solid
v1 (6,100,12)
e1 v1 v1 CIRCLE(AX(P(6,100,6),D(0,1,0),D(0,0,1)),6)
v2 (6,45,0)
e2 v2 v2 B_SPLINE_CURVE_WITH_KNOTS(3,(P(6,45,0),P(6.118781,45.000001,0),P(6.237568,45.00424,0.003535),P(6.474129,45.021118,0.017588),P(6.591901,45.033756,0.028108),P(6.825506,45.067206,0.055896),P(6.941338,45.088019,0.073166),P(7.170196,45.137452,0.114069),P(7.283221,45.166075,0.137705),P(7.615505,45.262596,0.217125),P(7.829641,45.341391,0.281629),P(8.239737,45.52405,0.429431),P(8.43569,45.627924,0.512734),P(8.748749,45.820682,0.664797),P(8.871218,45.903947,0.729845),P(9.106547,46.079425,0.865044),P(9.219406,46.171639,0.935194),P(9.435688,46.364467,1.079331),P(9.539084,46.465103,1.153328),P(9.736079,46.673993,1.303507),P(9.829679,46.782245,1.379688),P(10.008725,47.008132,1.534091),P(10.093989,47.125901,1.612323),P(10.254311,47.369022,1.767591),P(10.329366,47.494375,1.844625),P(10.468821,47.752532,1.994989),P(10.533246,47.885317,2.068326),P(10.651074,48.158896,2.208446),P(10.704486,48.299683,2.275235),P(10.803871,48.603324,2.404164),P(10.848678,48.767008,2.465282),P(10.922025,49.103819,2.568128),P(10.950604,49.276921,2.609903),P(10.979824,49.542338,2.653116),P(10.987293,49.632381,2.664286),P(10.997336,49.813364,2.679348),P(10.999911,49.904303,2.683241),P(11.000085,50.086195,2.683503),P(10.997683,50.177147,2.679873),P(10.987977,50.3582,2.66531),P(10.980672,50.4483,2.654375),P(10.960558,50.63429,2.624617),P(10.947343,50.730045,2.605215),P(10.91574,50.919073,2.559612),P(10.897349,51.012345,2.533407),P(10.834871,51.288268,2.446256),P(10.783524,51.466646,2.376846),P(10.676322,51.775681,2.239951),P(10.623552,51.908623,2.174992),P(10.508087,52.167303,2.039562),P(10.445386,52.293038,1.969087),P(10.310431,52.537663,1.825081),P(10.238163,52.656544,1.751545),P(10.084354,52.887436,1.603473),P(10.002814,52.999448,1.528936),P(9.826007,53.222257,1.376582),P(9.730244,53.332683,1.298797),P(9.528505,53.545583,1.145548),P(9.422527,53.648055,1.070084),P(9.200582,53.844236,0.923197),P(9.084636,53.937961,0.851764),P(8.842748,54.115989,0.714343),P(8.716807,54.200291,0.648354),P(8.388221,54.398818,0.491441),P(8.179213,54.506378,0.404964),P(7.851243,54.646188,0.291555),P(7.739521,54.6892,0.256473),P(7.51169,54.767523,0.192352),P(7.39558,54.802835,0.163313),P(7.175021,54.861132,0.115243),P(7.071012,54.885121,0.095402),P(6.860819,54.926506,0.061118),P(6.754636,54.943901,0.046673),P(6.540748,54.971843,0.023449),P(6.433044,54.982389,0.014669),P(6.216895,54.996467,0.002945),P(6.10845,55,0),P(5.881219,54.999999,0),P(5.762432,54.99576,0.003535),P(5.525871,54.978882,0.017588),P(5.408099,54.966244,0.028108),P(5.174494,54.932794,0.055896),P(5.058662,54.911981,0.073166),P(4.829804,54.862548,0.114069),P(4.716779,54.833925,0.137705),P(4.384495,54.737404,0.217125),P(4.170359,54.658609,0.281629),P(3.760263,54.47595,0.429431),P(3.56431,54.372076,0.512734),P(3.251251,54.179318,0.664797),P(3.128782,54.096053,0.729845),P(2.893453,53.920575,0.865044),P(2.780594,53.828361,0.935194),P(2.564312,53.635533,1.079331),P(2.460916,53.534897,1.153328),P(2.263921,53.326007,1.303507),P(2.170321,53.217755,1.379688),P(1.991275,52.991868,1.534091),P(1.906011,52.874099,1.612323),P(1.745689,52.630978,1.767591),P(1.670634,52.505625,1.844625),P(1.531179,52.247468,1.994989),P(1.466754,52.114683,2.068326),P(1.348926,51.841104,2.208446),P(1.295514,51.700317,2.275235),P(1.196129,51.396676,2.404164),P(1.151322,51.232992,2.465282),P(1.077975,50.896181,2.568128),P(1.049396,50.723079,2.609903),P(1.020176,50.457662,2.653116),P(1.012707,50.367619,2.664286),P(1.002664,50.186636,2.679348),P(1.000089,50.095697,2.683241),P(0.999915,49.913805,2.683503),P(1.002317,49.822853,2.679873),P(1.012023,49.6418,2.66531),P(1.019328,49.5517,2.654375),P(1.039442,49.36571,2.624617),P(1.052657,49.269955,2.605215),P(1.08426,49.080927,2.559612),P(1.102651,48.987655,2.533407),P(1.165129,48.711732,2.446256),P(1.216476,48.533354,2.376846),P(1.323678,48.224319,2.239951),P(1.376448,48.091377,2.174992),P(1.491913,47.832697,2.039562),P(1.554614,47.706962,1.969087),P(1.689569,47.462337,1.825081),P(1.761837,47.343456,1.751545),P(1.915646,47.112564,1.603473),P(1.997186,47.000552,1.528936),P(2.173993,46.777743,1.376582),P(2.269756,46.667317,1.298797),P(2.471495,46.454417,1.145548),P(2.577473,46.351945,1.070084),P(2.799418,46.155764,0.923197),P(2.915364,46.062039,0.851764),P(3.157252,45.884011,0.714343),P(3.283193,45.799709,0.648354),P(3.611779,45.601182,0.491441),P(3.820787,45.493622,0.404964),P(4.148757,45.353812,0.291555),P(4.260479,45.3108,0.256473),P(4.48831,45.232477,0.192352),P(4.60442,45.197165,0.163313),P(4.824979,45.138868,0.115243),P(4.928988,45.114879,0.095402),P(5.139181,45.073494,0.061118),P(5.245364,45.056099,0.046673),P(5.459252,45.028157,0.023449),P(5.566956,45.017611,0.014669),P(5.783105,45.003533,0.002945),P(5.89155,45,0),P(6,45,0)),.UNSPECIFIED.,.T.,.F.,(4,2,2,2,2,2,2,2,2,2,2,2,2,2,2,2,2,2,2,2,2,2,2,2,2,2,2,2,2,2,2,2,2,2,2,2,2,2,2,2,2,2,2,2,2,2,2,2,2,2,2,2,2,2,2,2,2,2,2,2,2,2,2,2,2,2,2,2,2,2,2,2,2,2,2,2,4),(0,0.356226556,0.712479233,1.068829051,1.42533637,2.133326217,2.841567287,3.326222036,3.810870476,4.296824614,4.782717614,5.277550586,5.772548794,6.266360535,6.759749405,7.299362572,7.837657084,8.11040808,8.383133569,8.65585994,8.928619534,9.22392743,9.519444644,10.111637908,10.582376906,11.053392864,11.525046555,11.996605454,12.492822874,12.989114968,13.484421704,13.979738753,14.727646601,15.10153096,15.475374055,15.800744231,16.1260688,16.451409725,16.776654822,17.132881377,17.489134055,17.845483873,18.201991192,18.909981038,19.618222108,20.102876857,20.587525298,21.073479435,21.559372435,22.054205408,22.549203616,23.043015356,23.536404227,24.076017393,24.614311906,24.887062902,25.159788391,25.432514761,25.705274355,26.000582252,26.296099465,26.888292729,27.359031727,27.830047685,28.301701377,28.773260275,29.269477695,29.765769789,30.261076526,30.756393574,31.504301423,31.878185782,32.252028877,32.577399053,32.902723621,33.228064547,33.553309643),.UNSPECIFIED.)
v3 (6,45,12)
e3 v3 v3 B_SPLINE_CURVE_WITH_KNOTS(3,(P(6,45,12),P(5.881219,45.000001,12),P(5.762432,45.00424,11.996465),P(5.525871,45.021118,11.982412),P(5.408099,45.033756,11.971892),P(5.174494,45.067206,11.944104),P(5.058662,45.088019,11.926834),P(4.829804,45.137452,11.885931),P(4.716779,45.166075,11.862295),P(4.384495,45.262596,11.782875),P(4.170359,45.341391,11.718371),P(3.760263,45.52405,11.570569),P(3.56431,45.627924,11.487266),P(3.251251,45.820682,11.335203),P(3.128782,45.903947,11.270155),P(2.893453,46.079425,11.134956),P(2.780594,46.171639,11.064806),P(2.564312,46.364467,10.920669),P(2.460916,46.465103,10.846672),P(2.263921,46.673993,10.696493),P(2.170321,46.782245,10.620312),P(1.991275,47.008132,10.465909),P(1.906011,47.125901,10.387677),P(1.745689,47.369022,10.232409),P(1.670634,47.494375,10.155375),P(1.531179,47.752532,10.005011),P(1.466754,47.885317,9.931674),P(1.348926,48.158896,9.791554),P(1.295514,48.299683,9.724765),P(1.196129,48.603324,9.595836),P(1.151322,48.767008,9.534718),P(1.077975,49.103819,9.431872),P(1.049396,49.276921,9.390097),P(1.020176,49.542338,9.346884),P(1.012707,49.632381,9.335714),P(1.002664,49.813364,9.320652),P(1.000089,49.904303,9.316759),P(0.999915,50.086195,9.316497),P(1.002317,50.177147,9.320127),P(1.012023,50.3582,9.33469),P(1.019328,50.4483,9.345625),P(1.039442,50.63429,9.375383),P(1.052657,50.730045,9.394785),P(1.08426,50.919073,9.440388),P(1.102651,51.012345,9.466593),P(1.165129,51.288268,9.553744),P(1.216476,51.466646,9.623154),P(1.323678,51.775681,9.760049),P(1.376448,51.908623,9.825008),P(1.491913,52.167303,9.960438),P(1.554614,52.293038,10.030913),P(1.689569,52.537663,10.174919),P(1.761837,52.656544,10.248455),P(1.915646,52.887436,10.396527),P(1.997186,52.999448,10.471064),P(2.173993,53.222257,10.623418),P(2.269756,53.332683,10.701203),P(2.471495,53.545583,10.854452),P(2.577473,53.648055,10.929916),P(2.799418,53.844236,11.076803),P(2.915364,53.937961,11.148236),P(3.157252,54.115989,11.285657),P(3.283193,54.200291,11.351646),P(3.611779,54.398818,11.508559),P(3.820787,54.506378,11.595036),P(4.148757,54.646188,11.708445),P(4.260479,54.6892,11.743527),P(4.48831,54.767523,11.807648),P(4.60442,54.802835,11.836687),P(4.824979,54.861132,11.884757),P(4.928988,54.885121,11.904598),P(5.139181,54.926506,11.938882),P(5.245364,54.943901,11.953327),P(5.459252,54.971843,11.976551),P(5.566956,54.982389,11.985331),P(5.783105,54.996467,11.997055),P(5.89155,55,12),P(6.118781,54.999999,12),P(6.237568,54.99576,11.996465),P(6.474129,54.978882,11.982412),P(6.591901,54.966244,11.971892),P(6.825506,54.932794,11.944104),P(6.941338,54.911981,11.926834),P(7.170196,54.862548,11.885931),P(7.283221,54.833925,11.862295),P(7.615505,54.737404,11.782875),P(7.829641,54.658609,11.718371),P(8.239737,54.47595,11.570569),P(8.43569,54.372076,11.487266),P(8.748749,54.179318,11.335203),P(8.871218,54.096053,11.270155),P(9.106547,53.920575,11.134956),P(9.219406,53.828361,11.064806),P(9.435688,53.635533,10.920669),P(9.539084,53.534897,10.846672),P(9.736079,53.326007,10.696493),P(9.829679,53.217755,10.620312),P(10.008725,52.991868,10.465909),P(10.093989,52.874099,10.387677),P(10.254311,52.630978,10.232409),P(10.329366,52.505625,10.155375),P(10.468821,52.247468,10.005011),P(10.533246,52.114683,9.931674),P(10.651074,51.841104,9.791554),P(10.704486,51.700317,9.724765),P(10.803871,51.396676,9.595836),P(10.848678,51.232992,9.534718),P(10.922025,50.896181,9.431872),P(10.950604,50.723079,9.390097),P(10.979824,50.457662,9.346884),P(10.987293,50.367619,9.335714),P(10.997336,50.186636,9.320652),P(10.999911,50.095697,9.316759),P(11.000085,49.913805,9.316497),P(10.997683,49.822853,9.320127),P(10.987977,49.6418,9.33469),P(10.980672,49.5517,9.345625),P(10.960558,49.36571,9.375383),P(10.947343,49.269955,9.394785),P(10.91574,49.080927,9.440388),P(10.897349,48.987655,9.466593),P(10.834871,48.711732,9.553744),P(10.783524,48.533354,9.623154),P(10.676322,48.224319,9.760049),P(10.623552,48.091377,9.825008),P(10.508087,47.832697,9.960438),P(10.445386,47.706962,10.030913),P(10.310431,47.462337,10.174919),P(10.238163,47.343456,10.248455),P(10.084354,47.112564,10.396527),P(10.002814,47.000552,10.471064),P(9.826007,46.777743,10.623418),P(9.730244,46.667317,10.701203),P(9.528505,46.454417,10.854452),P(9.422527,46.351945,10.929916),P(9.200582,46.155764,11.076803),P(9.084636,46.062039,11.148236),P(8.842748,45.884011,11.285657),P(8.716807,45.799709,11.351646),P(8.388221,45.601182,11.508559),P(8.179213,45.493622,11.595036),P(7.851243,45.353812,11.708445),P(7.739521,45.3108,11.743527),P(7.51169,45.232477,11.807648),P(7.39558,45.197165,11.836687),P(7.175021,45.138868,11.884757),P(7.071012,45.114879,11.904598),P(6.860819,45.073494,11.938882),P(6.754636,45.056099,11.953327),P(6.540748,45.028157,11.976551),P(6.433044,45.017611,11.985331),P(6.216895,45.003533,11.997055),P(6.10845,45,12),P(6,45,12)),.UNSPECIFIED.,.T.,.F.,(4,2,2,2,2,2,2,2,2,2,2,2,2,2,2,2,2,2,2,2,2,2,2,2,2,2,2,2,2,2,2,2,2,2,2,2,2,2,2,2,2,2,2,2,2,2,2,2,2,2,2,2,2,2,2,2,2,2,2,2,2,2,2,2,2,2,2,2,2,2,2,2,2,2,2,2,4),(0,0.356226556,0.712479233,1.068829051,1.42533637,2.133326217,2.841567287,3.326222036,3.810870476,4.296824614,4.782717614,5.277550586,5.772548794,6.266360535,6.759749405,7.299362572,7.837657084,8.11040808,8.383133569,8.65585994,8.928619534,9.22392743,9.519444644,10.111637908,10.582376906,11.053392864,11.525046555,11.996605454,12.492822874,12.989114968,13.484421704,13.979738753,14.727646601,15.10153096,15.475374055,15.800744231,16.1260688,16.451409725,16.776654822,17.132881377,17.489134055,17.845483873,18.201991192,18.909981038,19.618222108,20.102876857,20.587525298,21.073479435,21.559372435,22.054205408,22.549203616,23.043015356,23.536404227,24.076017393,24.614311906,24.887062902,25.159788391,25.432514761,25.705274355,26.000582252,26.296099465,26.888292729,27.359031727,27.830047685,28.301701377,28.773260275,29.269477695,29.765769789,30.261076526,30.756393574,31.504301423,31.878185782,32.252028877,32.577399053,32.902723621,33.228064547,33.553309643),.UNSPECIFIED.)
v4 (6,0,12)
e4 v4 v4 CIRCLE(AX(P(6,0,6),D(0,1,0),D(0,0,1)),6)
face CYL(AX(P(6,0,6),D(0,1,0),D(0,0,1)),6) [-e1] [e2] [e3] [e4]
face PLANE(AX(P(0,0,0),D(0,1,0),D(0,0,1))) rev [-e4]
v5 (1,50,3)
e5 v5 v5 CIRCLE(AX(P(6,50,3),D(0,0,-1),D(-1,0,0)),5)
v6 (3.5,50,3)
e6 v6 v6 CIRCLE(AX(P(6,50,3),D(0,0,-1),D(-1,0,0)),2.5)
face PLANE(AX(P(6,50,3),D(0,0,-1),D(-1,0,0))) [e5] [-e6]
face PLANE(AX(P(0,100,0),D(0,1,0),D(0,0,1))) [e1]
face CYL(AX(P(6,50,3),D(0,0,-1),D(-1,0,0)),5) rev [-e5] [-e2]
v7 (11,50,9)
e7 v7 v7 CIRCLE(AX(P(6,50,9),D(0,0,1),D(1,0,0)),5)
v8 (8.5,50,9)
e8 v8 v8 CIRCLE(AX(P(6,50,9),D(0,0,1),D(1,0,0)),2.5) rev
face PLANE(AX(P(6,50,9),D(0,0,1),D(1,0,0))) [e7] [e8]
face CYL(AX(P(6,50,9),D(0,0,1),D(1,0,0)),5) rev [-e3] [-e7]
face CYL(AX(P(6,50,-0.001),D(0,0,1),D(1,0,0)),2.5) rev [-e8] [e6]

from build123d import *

# Parameters (mm, degrees)
SKETCH1_W           = 12
SKETCH1_H           = 12
BOSS_EXTRUDE1_DEPTH = 100
CUT_EXTRUDE1_REACH  = 103.43
SKETCH5_R           = 2.5
SKETCH6_R           = 5
CUT_EXTRUDE3_DEPTH  = 3
CUT_EXTRUDE4_START  = -3
SKETCH7_R           = 5
SKETCH7_R_2         = 2.5
CUT_EXTRUDE4_DEPTH  = 3
CUT_EXTRUDE5_DEPTH  = 100


with BuildPart() as part:
    # Sketch1 → Boss-Extrude1 (new body)
    with BuildSketch(Plane(origin=(0, 0, 0), x_dir=(1, 0, 0), z_dir=(0, 1, 0))):
        with Locations((6, -6)):
            Rectangle(SKETCH1_W, SKETCH1_H)
    extrude(amount=BOSS_EXTRUDE1_DEPTH)

    # Sketch5 → Cut-Extrude1 (cut, up to next)
    with BuildSketch(Plane.XY.offset(12), mode=Mode.PRIVATE) as cut_extrude1_sk1:
        with Locations((6, 50)):
            Circle(SKETCH5_R)
    cut_extrude1_tool1 = extrude(cut_extrude1_sk1.sketch, amount=-CUT_EXTRUDE1_REACH, mode=Mode.PRIVATE) & part.part
    add(cut_extrude1_tool1.solids().sort_by_distance((6, 50, 12))[0], mode=Mode.SUBTRACT)

    # Sketch6 → Cut-Extrude3 (cut)
    with BuildSketch(Plane.XY.offset(12)):
        with Locations((6, 50)):
            Circle(SKETCH6_R)
    extrude(amount=-CUT_EXTRUDE3_DEPTH, mode=Mode.SUBTRACT)

    # Sketch7 → Cut-Extrude4 (cut)
    with BuildSketch(Plane(origin=(0, 0, 0), x_dir=(-1, 0, 0), z_dir=(0, 0, -1)).offset(CUT_EXTRUDE4_START)):
        with Locations(Location((-6, 50, 0), (0, 0, 180))):
            Circle(SKETCH7_R)
        with Locations(Location((-6, 50, 0), (0, 0, 180))):
            Circle(SKETCH7_R_2, mode=Mode.SUBTRACT)
    extrude(amount=CUT_EXTRUDE4_DEPTH, mode=Mode.SUBTRACT)

    # Sketch8 → Cut-Extrude5 (cut)
    with BuildSketch(Plane(origin=(0, 100, 0), x_dir=(1, 0, 0), z_dir=(0, 1, 0))):
        with BuildLine():
            Line((0, -12), (6, -12))
            ThreePointArc((6, -12), (1.757359303, -10.242640677), (0, -5.999999971))
            Line((0, -5.999999971), (0, -12))
        make_face()
        with BuildLine():
            Line((12, -12), (12, -6))
            ThreePointArc((12, -6), (10.242640687, -10.242640687), (6, -12))
            Line((6, -12), (12, -12))
        make_face()
        with BuildLine():
            ThreePointArc((5.999999987, 0), (10.242640683, -1.757359308), (12, -6))
            Line((12, -6), (12, 0))
            Line((12, 0), (5.999999987, 0))
        make_face()
        with BuildLine():
            ThreePointArc((0, -5.999999971), (1.757359319, -1.757359307), (5.999999987, 0))
            Line((5.999999987, 0), (0, 0))
            Line((0, 0), (0, -5.999999971))
        make_face()
    extrude(amount=-CUT_EXTRUDE5_DEPTH, mode=Mode.SUBTRACT)


solid = part.part
